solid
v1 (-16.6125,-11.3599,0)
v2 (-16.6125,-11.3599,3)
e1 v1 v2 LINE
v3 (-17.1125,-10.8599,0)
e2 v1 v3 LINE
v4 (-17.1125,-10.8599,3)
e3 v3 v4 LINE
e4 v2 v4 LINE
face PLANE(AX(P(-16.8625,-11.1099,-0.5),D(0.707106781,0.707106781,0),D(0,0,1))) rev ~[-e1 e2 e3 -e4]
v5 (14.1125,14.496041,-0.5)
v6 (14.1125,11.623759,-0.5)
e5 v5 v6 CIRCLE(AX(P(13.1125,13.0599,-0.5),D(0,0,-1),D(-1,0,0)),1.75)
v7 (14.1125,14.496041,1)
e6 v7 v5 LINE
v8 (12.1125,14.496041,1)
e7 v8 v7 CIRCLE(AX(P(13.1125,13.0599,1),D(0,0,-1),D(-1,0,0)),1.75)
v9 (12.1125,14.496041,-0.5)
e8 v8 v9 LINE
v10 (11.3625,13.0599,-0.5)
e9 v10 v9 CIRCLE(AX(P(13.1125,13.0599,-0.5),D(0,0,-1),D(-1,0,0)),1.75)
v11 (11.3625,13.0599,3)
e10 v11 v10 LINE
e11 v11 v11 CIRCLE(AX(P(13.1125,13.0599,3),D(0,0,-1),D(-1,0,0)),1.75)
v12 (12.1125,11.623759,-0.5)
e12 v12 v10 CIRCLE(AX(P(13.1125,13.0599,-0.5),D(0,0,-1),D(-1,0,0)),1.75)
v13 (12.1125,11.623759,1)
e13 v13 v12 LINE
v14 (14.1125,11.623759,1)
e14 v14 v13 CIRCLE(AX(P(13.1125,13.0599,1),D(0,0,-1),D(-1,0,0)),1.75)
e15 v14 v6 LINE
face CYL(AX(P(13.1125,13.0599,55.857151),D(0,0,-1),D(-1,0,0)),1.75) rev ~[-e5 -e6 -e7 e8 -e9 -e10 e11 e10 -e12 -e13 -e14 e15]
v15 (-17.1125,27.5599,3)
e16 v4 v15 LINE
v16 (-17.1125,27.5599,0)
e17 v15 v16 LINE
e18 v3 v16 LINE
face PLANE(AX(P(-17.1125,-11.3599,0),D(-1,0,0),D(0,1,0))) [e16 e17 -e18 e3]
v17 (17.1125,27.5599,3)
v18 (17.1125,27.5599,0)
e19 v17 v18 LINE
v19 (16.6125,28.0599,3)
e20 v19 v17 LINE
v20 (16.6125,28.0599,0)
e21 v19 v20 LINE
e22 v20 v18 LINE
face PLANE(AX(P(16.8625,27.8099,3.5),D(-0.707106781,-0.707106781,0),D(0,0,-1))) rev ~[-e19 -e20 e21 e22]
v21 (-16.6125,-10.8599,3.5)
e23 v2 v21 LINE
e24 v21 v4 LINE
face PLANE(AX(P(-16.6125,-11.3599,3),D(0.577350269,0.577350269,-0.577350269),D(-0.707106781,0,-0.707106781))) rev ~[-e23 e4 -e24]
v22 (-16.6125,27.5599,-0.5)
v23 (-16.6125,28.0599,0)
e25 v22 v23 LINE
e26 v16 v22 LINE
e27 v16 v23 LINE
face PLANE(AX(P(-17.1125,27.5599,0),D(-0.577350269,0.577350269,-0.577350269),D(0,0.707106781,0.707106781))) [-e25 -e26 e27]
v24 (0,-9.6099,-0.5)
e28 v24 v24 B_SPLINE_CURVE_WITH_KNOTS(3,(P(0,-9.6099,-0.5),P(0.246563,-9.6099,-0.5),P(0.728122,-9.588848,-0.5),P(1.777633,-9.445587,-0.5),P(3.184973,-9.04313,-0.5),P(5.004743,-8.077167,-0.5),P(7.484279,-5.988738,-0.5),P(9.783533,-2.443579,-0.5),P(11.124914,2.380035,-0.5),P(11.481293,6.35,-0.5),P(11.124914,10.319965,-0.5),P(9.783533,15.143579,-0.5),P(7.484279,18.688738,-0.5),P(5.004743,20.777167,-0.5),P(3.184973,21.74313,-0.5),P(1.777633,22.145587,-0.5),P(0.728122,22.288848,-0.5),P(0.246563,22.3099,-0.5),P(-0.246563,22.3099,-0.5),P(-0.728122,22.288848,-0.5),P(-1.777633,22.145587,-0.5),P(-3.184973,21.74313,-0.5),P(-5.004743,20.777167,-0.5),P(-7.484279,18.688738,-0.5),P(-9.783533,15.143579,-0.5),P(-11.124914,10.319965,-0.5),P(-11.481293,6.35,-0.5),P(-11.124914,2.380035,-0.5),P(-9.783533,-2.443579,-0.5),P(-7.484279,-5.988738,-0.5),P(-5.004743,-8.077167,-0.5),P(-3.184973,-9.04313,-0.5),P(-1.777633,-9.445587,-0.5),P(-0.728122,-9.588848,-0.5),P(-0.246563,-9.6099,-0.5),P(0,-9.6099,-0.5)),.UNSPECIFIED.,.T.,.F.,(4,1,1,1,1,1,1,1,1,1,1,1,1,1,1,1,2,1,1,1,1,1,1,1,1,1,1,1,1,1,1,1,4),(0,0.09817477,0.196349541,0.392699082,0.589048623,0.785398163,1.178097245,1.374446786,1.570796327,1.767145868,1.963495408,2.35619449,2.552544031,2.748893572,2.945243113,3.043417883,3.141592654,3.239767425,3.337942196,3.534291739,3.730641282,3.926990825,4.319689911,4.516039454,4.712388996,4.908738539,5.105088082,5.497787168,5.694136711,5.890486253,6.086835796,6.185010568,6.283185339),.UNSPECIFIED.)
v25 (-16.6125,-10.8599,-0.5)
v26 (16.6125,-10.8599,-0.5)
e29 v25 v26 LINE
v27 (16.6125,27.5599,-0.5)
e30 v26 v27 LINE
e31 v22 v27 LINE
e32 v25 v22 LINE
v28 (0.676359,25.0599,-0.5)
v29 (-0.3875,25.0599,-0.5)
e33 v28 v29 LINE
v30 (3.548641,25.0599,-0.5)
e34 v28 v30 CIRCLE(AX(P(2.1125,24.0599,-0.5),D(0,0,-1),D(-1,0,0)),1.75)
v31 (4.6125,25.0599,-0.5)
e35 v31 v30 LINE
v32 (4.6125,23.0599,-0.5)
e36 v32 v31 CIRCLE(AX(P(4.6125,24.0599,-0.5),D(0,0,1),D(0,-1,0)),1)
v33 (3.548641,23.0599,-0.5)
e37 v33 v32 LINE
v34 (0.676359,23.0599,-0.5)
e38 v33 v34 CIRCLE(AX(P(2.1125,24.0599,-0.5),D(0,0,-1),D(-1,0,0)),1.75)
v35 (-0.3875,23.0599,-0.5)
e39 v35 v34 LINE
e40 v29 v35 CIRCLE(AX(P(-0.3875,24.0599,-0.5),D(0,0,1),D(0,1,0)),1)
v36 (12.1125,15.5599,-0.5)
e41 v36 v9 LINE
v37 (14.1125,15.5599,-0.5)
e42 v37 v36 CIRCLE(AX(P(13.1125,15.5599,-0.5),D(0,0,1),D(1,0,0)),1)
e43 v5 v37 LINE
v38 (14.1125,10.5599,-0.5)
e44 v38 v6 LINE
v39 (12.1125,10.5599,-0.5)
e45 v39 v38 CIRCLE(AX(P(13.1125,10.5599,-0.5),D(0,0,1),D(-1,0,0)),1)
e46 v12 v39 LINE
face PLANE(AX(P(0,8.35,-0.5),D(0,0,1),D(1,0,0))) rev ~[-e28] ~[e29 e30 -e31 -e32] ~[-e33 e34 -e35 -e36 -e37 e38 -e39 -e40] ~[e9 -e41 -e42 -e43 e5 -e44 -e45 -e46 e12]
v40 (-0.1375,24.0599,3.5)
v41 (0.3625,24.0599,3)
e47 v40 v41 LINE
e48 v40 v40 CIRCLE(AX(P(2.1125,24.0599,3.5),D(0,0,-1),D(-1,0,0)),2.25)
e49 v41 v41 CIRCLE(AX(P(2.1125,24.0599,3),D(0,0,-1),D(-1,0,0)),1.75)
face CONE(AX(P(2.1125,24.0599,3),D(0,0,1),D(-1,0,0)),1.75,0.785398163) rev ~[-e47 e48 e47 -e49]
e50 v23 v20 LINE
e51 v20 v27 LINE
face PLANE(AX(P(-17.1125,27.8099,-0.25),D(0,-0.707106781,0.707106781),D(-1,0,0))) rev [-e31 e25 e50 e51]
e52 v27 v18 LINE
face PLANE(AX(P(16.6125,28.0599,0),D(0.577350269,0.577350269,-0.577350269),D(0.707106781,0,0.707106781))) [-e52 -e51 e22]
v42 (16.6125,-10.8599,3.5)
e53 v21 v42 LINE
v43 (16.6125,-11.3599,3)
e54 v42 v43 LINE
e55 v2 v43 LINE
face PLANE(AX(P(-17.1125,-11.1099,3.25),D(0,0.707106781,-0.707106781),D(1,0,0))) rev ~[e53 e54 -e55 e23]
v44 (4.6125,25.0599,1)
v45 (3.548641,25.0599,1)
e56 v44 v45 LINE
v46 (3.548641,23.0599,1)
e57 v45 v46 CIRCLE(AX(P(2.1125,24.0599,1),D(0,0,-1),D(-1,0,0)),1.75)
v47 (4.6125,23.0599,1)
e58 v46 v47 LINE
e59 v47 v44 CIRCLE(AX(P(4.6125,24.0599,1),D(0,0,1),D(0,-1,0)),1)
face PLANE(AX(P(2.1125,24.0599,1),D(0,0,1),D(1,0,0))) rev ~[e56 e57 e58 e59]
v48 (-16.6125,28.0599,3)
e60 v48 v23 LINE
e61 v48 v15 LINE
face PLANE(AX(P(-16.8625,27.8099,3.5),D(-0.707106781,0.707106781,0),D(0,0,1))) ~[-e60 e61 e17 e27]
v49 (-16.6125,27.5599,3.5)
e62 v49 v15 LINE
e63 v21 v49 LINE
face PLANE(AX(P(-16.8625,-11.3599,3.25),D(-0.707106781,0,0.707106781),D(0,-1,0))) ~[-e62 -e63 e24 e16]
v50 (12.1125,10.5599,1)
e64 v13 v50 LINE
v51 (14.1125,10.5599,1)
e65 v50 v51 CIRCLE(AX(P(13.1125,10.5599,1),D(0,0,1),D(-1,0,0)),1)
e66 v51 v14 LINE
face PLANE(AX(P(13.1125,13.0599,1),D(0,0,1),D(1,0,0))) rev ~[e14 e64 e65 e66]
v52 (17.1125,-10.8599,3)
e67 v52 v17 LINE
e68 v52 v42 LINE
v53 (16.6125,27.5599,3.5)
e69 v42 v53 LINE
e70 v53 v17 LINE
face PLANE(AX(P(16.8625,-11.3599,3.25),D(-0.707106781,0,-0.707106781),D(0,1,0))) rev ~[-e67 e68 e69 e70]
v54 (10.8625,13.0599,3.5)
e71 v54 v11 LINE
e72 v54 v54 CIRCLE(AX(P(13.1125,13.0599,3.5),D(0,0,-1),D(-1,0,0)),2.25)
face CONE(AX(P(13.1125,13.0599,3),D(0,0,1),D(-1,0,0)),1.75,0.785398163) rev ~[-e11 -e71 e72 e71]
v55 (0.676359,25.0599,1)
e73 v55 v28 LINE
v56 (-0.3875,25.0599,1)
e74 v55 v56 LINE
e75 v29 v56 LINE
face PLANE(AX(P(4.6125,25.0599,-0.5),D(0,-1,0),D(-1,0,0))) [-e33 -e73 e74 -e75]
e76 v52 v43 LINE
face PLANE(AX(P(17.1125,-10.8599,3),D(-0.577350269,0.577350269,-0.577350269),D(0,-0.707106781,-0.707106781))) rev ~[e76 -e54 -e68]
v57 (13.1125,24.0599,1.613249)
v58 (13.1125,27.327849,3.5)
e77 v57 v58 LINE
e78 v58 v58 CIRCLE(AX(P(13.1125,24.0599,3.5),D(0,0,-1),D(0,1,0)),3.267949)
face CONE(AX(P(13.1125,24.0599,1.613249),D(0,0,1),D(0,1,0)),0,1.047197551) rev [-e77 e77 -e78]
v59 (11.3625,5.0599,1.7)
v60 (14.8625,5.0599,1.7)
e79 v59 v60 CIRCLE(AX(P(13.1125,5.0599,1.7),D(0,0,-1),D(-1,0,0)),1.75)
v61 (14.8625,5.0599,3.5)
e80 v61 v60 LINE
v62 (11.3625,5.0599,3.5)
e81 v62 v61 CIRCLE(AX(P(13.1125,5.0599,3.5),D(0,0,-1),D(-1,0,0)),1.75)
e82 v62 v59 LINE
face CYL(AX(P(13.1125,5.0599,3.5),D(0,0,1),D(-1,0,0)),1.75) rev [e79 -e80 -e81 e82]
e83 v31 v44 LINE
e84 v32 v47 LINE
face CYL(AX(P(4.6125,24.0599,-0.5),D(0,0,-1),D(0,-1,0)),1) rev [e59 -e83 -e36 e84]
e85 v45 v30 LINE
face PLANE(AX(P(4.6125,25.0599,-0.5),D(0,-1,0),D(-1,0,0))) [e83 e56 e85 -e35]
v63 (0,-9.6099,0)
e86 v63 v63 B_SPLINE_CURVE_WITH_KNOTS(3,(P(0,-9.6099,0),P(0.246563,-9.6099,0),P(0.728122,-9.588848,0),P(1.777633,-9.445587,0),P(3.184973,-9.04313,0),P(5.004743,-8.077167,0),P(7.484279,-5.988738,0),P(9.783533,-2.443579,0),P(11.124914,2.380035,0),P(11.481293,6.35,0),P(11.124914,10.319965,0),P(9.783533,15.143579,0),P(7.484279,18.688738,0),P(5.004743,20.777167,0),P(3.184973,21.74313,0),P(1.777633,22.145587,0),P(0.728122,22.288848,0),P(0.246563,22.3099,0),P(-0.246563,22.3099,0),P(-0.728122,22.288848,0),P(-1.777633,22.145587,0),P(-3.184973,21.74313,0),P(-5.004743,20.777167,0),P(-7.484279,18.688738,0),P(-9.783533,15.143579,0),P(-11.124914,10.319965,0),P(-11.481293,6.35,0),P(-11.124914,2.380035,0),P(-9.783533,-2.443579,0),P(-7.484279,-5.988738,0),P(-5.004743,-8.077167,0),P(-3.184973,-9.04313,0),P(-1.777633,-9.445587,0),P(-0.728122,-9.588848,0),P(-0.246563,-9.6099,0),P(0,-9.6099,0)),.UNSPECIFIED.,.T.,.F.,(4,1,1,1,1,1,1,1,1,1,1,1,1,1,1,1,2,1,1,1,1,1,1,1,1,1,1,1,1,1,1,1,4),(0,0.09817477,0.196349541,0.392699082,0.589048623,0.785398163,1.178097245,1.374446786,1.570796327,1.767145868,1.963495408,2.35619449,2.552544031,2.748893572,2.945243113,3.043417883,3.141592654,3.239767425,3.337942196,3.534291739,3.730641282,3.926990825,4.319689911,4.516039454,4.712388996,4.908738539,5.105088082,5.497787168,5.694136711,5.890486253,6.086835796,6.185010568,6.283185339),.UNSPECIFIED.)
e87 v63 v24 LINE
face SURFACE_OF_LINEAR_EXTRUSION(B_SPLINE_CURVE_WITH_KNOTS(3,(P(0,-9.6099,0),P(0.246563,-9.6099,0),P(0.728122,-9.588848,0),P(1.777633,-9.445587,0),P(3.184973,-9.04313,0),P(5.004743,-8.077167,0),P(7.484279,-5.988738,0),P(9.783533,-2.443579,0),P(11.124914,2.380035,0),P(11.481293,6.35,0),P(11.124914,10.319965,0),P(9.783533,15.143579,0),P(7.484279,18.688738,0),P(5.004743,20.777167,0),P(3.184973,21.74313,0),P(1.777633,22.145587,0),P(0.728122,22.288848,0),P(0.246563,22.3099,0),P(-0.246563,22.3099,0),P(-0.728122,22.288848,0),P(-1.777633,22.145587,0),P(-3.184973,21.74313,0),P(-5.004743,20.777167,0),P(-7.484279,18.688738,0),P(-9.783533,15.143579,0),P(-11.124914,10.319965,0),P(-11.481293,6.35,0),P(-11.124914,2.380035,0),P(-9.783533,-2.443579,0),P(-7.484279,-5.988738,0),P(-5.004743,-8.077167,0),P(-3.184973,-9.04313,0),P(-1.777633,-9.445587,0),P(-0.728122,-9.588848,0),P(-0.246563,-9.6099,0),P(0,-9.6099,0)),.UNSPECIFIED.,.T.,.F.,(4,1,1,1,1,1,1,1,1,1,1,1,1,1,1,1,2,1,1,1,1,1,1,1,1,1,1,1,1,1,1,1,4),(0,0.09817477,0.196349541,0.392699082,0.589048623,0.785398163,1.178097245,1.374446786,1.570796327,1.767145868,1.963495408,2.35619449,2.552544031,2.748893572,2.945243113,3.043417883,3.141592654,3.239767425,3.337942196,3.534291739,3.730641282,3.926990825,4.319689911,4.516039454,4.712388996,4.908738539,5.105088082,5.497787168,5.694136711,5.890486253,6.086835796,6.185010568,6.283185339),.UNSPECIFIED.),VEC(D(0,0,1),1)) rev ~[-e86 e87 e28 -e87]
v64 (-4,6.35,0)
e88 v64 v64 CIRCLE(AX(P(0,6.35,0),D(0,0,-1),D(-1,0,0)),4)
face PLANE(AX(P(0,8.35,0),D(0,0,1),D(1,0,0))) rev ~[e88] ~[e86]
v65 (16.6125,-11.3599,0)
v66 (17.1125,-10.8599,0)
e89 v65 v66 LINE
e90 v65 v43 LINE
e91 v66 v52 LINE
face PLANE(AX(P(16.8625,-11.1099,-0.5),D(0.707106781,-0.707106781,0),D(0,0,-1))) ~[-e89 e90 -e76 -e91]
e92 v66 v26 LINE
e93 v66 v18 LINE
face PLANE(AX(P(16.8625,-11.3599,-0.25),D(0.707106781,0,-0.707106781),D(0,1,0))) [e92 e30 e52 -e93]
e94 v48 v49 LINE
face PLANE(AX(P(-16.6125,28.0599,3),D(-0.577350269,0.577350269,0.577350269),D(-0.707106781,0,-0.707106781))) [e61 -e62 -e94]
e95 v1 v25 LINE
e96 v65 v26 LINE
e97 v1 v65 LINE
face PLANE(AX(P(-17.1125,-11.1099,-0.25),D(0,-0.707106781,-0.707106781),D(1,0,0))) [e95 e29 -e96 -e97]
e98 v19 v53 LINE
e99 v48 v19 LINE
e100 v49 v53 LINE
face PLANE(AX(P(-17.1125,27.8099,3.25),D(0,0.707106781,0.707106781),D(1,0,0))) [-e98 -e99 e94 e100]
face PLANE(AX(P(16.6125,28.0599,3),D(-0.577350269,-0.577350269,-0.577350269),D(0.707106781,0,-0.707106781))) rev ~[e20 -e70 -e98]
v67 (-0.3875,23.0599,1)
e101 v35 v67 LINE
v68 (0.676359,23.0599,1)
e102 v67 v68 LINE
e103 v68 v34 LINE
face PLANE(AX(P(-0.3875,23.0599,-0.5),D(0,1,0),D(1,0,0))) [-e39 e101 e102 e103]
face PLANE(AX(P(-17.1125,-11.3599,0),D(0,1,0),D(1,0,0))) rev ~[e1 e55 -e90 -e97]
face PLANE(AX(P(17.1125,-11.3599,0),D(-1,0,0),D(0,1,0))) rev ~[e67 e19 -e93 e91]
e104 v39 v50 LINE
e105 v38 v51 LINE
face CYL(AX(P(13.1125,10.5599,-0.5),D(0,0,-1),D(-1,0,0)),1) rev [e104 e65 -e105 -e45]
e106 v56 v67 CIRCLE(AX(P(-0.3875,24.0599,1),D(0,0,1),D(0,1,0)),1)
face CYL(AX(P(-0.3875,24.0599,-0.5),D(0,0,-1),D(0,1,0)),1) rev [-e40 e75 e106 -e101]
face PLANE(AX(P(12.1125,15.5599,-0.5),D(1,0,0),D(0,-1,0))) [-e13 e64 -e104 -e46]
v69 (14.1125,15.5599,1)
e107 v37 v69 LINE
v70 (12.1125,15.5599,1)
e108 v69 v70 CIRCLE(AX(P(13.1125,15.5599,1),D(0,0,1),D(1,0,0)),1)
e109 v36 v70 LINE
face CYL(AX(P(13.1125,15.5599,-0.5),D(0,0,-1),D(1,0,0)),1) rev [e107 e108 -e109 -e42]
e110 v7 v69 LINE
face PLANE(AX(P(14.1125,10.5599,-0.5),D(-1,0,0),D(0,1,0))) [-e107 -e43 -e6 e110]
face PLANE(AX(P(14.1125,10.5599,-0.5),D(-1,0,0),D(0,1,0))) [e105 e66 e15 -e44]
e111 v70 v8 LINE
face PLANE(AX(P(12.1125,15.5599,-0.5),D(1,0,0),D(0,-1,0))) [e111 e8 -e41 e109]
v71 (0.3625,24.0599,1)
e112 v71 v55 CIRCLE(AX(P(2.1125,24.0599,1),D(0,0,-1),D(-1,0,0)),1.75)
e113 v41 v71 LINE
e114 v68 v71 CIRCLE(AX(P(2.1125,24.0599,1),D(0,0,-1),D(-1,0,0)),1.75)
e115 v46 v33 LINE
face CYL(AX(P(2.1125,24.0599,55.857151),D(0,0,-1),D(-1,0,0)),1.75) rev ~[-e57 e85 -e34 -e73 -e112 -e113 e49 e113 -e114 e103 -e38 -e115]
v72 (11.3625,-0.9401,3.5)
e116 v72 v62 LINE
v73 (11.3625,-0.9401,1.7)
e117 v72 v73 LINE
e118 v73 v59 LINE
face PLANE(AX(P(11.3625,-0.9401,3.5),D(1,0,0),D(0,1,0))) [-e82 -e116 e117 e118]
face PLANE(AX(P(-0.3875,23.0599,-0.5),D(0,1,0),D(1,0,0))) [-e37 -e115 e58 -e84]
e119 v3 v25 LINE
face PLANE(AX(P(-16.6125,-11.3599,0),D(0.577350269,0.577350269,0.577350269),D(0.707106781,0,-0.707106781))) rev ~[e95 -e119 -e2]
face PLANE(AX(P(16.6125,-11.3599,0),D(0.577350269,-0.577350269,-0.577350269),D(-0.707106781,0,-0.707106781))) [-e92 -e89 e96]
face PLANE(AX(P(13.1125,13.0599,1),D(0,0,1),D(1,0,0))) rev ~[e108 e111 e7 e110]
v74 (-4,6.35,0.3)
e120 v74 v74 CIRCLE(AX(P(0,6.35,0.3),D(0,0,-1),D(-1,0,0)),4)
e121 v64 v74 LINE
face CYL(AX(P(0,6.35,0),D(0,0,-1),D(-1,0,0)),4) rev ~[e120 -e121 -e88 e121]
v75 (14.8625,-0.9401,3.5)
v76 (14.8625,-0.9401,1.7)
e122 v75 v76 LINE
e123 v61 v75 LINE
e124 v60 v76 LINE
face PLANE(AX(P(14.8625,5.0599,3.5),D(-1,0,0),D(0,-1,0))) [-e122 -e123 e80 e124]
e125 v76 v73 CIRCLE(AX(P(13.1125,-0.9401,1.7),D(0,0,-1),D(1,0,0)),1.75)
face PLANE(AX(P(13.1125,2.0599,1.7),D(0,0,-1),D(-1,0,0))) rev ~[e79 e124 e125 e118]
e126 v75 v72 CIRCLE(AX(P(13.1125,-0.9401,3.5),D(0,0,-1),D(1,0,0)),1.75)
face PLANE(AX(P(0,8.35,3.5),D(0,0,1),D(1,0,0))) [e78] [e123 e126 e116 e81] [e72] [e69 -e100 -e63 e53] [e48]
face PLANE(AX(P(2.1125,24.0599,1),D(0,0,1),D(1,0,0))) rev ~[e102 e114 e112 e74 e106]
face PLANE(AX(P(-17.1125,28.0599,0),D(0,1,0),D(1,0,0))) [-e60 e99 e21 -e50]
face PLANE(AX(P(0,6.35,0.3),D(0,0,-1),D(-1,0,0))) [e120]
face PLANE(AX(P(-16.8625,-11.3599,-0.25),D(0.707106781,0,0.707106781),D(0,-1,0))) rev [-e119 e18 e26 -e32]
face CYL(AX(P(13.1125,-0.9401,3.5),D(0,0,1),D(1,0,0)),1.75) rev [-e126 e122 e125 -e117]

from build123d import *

# Parameters (mm, degrees)
SKICA1_W                 = 34.225
SKICA1_H                 = 39.4198
P_IDAT_VYSUNUT_M1_DEPTH  = 0.5
SKICA2_W                 = 34.225
SKICA2_H                 = 39.4198
P_IDAT_VYSUNUT_M2_DEPTH  = 3.5
ODEBRAT_VYSUNUT_M1_DEPTH = 1.8
SKICA10_R                = 4
ODEBRAT_VYSUNUT_M2_DEPTH = 0.3
F_3_5_3_5_PR_M_R_D_RY2_D = 3.5
ODEBRAT_VYSUNUT_M3_DEPTH = 1.5
ZKOSEN_1_SIZE            = 0.5
ZKOSEN_2_SIZE            = 0.5


with BuildPart() as part:
    # Skica1 → Přidat vysunutím1 (new body)
    with BuildSketch(Plane.XY):
        with Locations((0, 8.35)):
            Rectangle(SKICA1_W, SKICA1_H)
        with BuildLine():
            add(Edge.make_bspline(
                [(0, 22.3099), (-0.246563065, 22.3099), (-0.728122288, 22.288848257), (-1.777632638, 22.145587032), (-3.184972708, 21.743129564), (-5.004743408, 20.777166583), (-7.484278794, 18.688737501), (-9.783532683, 15.143578871), (-11.124914139, 10.319965431), (-11.48129293, 6.35), (-11.124914139, 2.380034569), (-9.783532683, -2.443578871), (-7.484278794, -5.988737501), (-5.004743408, -8.077166583), (-3.184972708, -9.043129564), (-1.777632638, -9.445587032), (-0.728122288, -9.588848257), (-0.246563065, -9.6099), (0, -9.6099)],
                knots=[3.141592654, 3.141592654, 3.141592654, 3.141592654, 3.239767424, 3.337942194, 3.534291735, 3.730641276, 3.926990817, 4.319689899, 4.51603944, 4.71238898, 4.908738521, 5.105088062, 5.497787144, 5.694136685, 5.890486225, 6.086835766, 6.185010537, 6.283185307, 6.283185307, 6.283185307, 6.283185307], degree=3))
            add(Edge.make_bspline(
                [(0, -9.6099), (0.246563065, -9.6099), (0.728122288, -9.588848257), (1.777632638, -9.445587032), (3.184972708, -9.043129564), (5.004743408, -8.077166583), (7.484278794, -5.988737501), (9.783532683, -2.443578871), (11.124914139, 2.380034569), (11.48129293, 6.35), (11.124914139, 10.319965431), (9.783532683, 15.143578871), (7.484278794, 18.688737501), (5.004743408, 20.777166583), (3.184972708, 21.743129564), (1.777632638, 22.145587032), (0.728122288, 22.288848257), (0.246563065, 22.3099), (0, 22.3099)],
                knots=[0, 0, 0, 0, 0.09817477, 0.196349541, 0.392699082, 0.589048623, 0.785398163, 1.178097245, 1.374446786, 1.570796327, 1.767145868, 1.963495408, 2.35619449, 2.552544031, 2.748893572, 2.945243113, 3.043417883, 3.141592654, 3.141592654, 3.141592654, 3.141592654], degree=3))
        make_face(mode=Mode.SUBTRACT)
    extrude(amount=-P_IDAT_VYSUNUT_M1_DEPTH)

    # Skica2 → Přidat vysunutím2 (add)
    with BuildSketch(Plane.XY):
        with Locations((0, 8.35)):
            Rectangle(SKICA2_W, SKICA2_H)
    extrude(amount=P_IDAT_VYSUNUT_M2_DEPTH)

    # Skica6 → Odebrat vysunutím1 (cut)
    with BuildSketch(Plane.XY.offset(3.5)):
        with BuildLine():
            Line((11.3625, -0.9401), (11.3625, 5.0599))
            ThreePointArc((11.3625, 5.0599), (13.1125, 6.8099), (14.8625, 5.0599))
            Line((14.8625, 5.0599), (14.8625, -0.9401))
            ThreePointArc((14.8625, -0.9401), (13.1125, -2.6901), (11.3625, -0.9401))
        make_face()
    extrude(amount=-ODEBRAT_VYSUNUT_M1_DEPTH, mode=Mode.SUBTRACT)

    # Skica9 → Odebrat rotací1 (revolve, cut)
    with BuildSketch(Plane(origin=(13.1125, 0, 0), x_dir=(0, -1, 0), z_dir=(-1, 0, 0))):
        Polygon((-27.327849192, 3.5), (-24.0599, 3.5), (-24.0599, 1.613248654), align=None)
    revolve(axis=Axis((13.1125, 24.0599, 3.5), (0, 0, -1)), mode=Mode.SUBTRACT)

    # Skica10 → Odebrat vysunutím2 (cut)
    with BuildSketch(Plane(origin=(0, 0, 0), x_dir=(-1, 0, 0), z_dir=(0, 0, -1))):
        with Locations((0, 6.35)):
            Circle(SKICA10_R)
    extrude(amount=-ODEBRAT_VYSUNUT_M2_DEPTH, mode=Mode.SUBTRACT)

    # Ø3.5 (3.5) průměr díry2 (through all)
    with Locations(Plane(origin=(2.1125, 24.0599, 3.5), x_dir=(1, 0, 0), z_dir=(0, 0, 1))):
        with Locations((0, 0), (11, -11)):
            Hole(F_3_5_3_5_PR_M_R_D_RY2_D / 2)

    # Skica16 → Odebrat vysunutím3 (cut)
    with BuildSketch(Plane(origin=(0, 0, -0.5), x_dir=(-1, 0, 0), z_dir=(0, 0, -1))):
        with BuildLine():
            Line((0.3875, 23.0599), (-4.6125, 23.0599))
            ThreePointArc((-4.6125, 23.0599), (-5.6125, 24.0599), (-4.6125, 25.0599))
            Line((-4.6125, 25.0599), (0.3875, 25.0599))
            ThreePointArc((0.3875, 25.0599), (1.3875, 24.0599), (0.3875, 23.0599))
        make_face()
        with BuildLine():
            Line((-14.1125, 10.5599), (-14.1125, 15.5599))
            ThreePointArc((-14.1125, 15.5599), (-13.1125, 16.5599), (-12.1125, 15.5599))
            Line((-12.1125, 15.5599), (-12.1125, 10.5599))
            ThreePointArc((-12.1125, 10.5599), (-13.1125, 9.5599), (-14.1125, 10.5599))
        make_face()
    extrude(amount=-ODEBRAT_VYSUNUT_M3_DEPTH, mode=Mode.SUBTRACT)

    # Zkosení1
    zkosen_1_edges = [part.edges().sort_by_distance(p)[0] for p in [
        (17.1125, 8.35, -0.5),
        (0, 28.0599, -0.5),
        (-17.1125, 8.35, 3.5),
        (0, -11.3599, 3.5),
        (17.1125, 8.35, 3.5),
        (0, 28.0599, 3.5),
        (-17.1125, 8.35, -0.5),
        (-17.1125, 28.0599, 1.5),
        (17.1125, 28.0599, 1.5),
        (17.1125, -11.3599, 1.5),
        (-17.1125, -11.3599, 1.5),
        (0, -11.3599, -0.5),
    ]]
    chamfer(zkosen_1_edges, length=ZKOSEN_1_SIZE)

    # Zkosení2
    zkosen_2_edges = [part.edges().sort_by_distance(p)[0] for p in [
        (14.8625, 13.0599, 3.5),
        (3.8625, 24.0599, 3.5),
    ]]
    chamfer(zkosen_2_edges, length=ZKOSEN_2_SIZE)


solid = part.part
